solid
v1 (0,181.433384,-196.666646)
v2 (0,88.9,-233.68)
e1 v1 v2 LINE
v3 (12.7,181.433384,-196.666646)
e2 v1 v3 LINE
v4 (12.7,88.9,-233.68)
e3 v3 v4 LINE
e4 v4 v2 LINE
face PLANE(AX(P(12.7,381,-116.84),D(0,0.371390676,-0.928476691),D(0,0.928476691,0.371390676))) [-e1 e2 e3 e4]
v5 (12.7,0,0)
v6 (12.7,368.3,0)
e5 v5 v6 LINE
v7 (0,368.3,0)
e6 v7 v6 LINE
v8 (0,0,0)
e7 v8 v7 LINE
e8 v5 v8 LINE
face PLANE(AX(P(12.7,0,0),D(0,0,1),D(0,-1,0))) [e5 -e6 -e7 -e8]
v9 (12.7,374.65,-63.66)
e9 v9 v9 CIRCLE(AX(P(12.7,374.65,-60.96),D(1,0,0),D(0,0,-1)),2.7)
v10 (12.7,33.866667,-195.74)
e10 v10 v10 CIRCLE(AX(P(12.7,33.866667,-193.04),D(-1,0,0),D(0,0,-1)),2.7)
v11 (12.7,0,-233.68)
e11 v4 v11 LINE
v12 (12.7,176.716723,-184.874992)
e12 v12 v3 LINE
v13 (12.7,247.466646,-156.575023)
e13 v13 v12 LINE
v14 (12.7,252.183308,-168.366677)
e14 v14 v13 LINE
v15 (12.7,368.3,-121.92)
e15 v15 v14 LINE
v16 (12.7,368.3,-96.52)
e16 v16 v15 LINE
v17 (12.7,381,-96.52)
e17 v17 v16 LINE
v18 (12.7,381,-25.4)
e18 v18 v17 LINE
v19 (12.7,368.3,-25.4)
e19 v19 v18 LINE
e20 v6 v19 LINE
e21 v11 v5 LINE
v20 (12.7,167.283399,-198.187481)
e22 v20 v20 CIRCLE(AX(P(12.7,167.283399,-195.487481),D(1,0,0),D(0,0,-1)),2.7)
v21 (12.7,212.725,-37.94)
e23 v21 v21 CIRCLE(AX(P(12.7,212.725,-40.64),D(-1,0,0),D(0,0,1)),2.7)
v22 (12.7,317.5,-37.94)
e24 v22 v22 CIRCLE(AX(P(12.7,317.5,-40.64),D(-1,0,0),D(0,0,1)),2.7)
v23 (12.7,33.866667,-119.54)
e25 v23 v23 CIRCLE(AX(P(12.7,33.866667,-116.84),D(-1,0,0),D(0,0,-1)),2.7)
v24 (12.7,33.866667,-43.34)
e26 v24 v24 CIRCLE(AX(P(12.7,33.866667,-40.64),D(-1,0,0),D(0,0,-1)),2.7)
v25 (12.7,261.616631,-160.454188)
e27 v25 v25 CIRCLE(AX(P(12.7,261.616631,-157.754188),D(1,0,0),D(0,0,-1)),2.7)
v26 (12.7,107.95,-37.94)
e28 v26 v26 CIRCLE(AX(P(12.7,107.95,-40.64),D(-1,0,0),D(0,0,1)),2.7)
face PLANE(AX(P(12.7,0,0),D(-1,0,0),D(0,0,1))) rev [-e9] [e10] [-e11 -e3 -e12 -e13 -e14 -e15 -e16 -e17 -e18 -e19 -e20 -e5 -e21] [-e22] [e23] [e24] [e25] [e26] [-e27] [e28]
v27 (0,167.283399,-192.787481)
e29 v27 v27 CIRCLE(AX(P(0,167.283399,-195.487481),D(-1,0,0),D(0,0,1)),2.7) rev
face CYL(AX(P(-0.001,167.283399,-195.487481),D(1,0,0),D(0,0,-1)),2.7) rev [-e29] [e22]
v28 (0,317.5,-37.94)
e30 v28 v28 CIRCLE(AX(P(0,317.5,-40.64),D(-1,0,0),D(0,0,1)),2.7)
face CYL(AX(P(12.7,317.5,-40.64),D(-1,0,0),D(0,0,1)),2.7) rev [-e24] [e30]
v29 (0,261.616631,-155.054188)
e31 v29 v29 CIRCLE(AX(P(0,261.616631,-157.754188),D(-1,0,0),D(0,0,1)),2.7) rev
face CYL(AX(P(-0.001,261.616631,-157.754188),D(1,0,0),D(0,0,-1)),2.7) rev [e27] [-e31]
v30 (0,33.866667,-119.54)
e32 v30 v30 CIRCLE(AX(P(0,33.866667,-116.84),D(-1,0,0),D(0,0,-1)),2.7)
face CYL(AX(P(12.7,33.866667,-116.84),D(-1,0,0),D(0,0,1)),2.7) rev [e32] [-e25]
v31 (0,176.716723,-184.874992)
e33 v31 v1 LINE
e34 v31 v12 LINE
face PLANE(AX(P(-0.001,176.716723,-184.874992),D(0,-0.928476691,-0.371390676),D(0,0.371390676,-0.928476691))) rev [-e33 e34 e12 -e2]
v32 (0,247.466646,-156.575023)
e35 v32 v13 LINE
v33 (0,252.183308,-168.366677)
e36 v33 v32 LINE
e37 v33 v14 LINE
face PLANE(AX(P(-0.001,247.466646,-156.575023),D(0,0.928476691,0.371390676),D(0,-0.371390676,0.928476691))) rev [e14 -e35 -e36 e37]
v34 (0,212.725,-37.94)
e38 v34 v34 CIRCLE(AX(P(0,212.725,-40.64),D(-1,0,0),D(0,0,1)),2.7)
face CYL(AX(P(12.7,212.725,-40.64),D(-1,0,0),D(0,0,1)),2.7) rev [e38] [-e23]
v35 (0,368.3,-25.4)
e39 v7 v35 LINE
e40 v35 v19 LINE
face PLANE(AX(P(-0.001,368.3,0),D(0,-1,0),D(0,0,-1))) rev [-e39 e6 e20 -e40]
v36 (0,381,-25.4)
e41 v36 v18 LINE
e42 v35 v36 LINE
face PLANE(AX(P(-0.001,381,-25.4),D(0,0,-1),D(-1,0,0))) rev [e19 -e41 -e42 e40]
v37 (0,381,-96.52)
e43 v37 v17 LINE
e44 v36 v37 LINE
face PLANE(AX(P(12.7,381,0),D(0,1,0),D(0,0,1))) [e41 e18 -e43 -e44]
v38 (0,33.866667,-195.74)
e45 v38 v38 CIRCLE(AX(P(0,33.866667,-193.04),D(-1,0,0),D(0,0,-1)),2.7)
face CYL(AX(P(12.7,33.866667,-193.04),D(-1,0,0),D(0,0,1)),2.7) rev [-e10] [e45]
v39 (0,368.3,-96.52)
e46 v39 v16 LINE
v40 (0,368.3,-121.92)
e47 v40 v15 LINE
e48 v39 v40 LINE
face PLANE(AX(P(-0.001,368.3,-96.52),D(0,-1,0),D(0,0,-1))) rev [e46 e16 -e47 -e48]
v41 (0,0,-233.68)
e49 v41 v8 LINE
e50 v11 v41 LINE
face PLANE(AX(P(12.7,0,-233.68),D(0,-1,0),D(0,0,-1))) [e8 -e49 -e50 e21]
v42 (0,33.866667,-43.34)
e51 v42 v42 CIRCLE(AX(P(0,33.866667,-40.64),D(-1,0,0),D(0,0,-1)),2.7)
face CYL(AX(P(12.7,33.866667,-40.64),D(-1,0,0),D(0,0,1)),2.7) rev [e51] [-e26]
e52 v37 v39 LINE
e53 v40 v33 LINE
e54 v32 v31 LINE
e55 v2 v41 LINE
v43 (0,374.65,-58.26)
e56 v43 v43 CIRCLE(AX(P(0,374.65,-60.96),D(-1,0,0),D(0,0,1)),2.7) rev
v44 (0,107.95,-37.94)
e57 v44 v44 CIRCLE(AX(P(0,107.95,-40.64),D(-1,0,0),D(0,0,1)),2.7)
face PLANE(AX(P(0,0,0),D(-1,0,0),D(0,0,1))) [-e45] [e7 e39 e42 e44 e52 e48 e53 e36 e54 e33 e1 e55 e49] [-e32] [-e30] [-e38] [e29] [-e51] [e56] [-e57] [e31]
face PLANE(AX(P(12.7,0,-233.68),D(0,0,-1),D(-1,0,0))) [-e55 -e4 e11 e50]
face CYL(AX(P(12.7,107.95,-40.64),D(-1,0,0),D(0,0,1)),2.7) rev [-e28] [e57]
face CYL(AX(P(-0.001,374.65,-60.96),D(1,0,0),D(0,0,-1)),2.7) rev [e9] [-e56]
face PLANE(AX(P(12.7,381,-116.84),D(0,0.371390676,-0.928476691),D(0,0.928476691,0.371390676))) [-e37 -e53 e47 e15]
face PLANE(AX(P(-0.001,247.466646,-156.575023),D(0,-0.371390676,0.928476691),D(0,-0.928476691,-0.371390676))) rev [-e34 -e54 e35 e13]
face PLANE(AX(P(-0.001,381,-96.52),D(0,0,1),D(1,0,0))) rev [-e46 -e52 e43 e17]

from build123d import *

# Parameters (mm, degrees)
SKETCH1_R           = 2.7
BOSS_EXTRUDE1_DEPTH = 12.7
TOP_HOLE_REACH      = 14.7
SKETCH3_R           = 2.7
SKETCH3_W           = 25.4
SKETCH3_H           = 12.7
BACK_HOLES_REACH    = 14.7
SKETCH4_R           = 2.7


with BuildPart() as part:
    # Sketch1 → Boss-Extrude1 (new body)
    with BuildSketch(Plane(origin=(0, 0, 0), x_dir=(0, -1, 0), z_dir=(-1, 0, 0))):
        Polygon((-381, 0), (-381, -116.84), (-88.9, -233.68), (0, -233.68), (0, 0), align=None)
        with Locations((-212.725, -40.64)):
            Circle(SKETCH1_R, mode=Mode.SUBTRACT)
        with Locations((-317.5, -40.64)):
            Circle(SKETCH1_R, mode=Mode.SUBTRACT)
        with Locations((-107.95, -40.64)):
            Circle(SKETCH1_R, mode=Mode.SUBTRACT)
        with Locations((-33.866666667, -193.04)):
            Circle(SKETCH1_R, mode=Mode.SUBTRACT)
        with Locations((-33.866666667, -40.64)):
            Circle(SKETCH1_R, mode=Mode.SUBTRACT)
        with Locations((-33.866666667, -116.84)):
            Circle(SKETCH1_R, mode=Mode.SUBTRACT)
    extrude(amount=-BOSS_EXTRUDE1_DEPTH)

    # Sketch3 → top hole (cut, up to next)
    with BuildSketch(Plane(origin=(12.7, 0, 0), x_dir=(0, 0, -1), z_dir=(1, 0, 0)), mode=Mode.PRIVATE) as top_hole_sk1:
        with Locations((60.96, 374.65)):
            Circle(SKETCH3_R)
    top_hole_tool1 = extrude(top_hole_sk1.sketch, amount=-TOP_HOLE_REACH, mode=Mode.PRIVATE) & part.part
    add(top_hole_tool1.solids().sort_by_distance((12.7, 374.65, -60.96))[0], mode=Mode.SUBTRACT)
    # Sketch3 → top hole (cut, up to next)
    with BuildSketch(Plane(origin=(12.7, 0, 0), x_dir=(0, 0, -1), z_dir=(1, 0, 0)), mode=Mode.PRIVATE) as top_hole_sk2:
        with Locations((12.7, 374.65)):
            Rectangle(SKETCH3_W, SKETCH3_H)
    top_hole_tool2 = extrude(top_hole_sk2.sketch, amount=-TOP_HOLE_REACH, mode=Mode.PRIVATE) & part.part
    add(top_hole_tool2.solids().sort_by_distance((12.7, 374.65, -12.7))[0], mode=Mode.SUBTRACT)
    # Sketch3 → top hole (cut, up to next)
    with BuildSketch(Plane(origin=(12.7, 0, 0), x_dir=(0, 0, -1), z_dir=(1, 0, 0)), mode=Mode.PRIVATE) as top_hole_sk3:
        with Locations((109.22, 374.65)):
            Rectangle(SKETCH3_W, SKETCH3_H)
    top_hole_tool3 = extrude(top_hole_sk3.sketch, amount=-TOP_HOLE_REACH, mode=Mode.PRIVATE) & part.part
    add(top_hole_tool3.solids().sort_by_distance((12.7, 374.65, -109.22))[0], mode=Mode.SUBTRACT)

    # Sketch4 → back holes (cut, up to next)
    with BuildSketch(Plane(origin=(12.7, 0, 0), x_dir=(0, 0, -1), z_dir=(1, 0, 0)), mode=Mode.PRIVATE) as back_holes_sk1:
        with Locations((157.754188244, 261.616631128)):
            Circle(SKETCH4_R)
    back_holes_tool1 = extrude(back_holes_sk1.sketch, amount=-BACK_HOLES_REACH, mode=Mode.PRIVATE) & part.part
    add(back_holes_tool1.solids().sort_by_distance((12.7, 261.616631, -157.754188))[0], mode=Mode.SUBTRACT)
    # Sketch4 → back holes (cut, up to next)
    with BuildSketch(Plane(origin=(12.7, 0, 0), x_dir=(0, 0, -1), z_dir=(1, 0, 0)), mode=Mode.PRIVATE) as back_holes_sk2:
        with Locations((195.487480961, 167.283399334)):
            Circle(SKETCH4_R)
    back_holes_tool2 = extrude(back_holes_sk2.sketch, amount=-BACK_HOLES_REACH, mode=Mode.PRIVATE) & part.part
    add(back_holes_tool2.solids().sort_by_distance((12.7, 167.283399, -195.487481))[0], mode=Mode.SUBTRACT)
    # Sketch4 → back holes (cut, up to next)
    with BuildSketch(Plane(origin=(12.7, 0, 0), x_dir=(0, 0, -1), z_dir=(1, 0, 0)), mode=Mode.PRIVATE) as back_holes_sk3:
        Polygon((156.575022846, 247.466646359), (184.874992385, 176.716722513), (196.666646359, 181.433384103), (168.366676821, 252.183307948), align=None)
    back_holes_tool3 = extrude(back_holes_sk3.sketch, amount=-BACK_HOLES_REACH, mode=Mode.PRIVATE) & part.part
    add(back_holes_tool3.solids().sort_by_distance((12.7, 214.450015, -176.620835))[0], mode=Mode.SUBTRACT)


solid = part.part
